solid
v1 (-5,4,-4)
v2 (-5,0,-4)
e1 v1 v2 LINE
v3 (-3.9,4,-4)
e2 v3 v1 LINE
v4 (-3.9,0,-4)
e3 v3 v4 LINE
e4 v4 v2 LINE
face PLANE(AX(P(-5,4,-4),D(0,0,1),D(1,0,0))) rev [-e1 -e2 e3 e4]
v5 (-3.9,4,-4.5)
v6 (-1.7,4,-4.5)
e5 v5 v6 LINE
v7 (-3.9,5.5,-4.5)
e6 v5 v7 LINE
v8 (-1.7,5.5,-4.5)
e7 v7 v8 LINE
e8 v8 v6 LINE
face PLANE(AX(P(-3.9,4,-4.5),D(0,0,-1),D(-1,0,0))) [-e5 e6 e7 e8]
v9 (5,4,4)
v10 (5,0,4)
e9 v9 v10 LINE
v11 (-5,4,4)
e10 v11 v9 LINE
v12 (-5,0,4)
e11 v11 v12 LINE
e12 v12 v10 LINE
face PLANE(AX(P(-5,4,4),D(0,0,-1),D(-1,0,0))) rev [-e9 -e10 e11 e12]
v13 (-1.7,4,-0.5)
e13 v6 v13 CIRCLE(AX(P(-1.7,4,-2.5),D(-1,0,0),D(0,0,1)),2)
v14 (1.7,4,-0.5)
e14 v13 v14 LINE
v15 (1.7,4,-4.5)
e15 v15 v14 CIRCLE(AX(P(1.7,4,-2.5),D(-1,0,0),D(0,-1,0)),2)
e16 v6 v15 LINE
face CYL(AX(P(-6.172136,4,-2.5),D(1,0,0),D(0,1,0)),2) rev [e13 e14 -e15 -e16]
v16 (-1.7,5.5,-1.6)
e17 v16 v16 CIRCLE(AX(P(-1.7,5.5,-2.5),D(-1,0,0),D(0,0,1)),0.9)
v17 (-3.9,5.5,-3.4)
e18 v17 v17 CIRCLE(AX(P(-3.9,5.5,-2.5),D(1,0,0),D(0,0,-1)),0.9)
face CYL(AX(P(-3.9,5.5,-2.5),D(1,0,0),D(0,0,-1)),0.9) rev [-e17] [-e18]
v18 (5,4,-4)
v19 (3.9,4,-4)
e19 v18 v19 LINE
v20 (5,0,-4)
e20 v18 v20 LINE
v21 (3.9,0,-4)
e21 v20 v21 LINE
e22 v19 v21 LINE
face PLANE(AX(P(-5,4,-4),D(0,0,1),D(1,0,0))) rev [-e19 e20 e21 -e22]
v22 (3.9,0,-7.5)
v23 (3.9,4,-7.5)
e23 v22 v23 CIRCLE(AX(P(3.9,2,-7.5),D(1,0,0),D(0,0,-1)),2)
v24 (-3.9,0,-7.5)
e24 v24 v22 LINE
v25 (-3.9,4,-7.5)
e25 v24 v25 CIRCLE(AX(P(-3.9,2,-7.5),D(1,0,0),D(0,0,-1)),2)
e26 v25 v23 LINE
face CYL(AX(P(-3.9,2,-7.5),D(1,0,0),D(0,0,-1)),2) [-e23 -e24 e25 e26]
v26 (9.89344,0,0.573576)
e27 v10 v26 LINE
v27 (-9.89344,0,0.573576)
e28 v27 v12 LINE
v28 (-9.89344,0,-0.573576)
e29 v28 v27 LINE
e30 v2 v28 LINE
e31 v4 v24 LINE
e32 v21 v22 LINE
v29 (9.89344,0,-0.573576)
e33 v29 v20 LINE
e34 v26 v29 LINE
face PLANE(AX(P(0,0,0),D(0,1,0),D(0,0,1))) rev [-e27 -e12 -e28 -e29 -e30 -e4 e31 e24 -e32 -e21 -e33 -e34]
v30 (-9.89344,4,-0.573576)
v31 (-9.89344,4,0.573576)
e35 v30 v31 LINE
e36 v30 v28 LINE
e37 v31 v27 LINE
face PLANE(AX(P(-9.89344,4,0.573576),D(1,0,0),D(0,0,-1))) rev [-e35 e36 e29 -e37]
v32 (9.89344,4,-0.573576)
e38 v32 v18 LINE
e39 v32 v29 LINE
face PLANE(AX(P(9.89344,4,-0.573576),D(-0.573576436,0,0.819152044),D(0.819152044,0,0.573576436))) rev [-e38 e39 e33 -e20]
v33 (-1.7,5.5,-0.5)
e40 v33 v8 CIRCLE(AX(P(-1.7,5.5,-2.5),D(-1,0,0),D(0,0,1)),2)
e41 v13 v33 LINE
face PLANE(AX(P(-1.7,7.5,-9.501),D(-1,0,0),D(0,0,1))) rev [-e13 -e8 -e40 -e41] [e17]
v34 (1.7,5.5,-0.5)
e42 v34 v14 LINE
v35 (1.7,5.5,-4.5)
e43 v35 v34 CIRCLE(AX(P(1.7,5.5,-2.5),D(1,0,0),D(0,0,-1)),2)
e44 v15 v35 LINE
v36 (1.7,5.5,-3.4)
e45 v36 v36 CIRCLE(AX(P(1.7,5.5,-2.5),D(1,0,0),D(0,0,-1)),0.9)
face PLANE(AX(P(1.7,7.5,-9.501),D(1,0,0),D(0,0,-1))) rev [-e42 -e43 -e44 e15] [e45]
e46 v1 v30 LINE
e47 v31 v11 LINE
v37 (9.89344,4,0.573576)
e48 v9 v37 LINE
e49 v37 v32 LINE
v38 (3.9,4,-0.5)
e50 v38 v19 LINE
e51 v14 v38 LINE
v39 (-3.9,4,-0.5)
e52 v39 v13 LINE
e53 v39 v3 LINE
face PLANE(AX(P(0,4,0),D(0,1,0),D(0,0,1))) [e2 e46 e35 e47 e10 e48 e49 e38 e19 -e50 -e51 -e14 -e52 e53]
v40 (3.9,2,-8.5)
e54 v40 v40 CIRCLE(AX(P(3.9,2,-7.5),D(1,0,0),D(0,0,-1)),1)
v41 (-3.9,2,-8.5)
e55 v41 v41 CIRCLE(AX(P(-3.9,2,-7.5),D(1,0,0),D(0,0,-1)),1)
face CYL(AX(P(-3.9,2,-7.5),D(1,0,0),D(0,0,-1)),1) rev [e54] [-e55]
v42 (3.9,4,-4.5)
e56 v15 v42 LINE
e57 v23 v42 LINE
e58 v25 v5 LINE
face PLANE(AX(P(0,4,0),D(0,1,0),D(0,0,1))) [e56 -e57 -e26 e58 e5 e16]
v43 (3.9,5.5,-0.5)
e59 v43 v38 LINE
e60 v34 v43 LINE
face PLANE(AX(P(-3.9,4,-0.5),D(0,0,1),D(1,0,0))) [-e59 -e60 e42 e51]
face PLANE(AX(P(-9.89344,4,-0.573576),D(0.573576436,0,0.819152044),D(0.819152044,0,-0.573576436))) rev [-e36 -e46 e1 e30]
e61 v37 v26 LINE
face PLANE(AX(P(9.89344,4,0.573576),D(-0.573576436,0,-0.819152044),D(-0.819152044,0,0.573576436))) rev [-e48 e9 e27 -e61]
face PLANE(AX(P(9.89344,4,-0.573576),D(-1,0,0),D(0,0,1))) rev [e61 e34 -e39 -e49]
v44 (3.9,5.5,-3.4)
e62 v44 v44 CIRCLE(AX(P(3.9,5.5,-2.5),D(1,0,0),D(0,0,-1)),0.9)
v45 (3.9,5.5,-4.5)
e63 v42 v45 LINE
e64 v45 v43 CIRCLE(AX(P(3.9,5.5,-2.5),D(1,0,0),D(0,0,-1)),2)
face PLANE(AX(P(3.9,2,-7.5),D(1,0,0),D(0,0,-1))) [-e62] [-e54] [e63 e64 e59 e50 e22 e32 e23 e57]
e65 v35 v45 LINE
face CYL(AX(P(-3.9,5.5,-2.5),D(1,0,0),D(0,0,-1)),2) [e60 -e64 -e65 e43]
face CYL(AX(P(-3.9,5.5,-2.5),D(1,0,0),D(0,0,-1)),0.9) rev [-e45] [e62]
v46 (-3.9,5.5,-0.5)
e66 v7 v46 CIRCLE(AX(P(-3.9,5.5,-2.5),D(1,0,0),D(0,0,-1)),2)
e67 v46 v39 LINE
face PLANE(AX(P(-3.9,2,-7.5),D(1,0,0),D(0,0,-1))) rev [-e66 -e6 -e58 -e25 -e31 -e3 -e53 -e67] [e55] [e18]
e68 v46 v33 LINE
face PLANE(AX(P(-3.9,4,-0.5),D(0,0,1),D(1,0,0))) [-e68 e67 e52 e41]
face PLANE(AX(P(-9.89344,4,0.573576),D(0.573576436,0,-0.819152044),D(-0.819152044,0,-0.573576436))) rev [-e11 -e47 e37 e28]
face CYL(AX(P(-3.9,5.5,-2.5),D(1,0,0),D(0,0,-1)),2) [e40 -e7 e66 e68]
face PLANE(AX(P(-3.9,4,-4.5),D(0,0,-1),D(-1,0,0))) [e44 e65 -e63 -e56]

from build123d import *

# Parameters (mm, degrees)
BOSS_EXTRUDE1_DEPTH      = 4
BOSS_EXTRUDE2_DEPTH      = 3.9
BOSS_EXTRUDE2_DEPTH_BACK = 3.9
SKETCH2_R                = 1
BOSS_EXTRUDE3_DEPTH      = 3.9
BOSS_EXTRUDE3_DEPTH_BACK = 3.9
SKETCH4_R                = 0.9
CUT_EXTRUDE1_REACH       = 20.341
SKETCH5_W                = 3.4
SKETCH5_H                = 3.5
CUT_EXTRUDE2_DEPTH       = 3.4


with BuildPart() as part:
    # Sketch1 → Boss-Extrude1 (new body)
    with BuildSketch(Plane(origin=(0, 0, 0), x_dir=(1, 0, 0), z_dir=(0, 1, 0))):
        Polygon((-5, 4), (5, 4), (9.893439983, 0.573576436), (9.893439983, -0.573576436), (5, -4), (-5, -4), (-9.893439983, -0.573576436), (-9.893439983, 0.573576436), align=None)
    extrude(amount=BOSS_EXTRUDE1_DEPTH)

    # Sketch2 → Boss-Extrude2 (add, two sides: drawn at the far end of the back side and taken through both)
    with BuildSketch(Plane(origin=(0, 0, 0), x_dir=(0, 0, -1), z_dir=(1, 0, 0)).offset(-BOSS_EXTRUDE2_DEPTH_BACK)):
        with BuildLine():
            Line((4, 4), (7.5, 4))
            ThreePointArc((7.5, 4), (9.5, 2), (7.5, 0))
            Line((7.5, 0), (4, 0))
            Line((4, 0), (4, 4))
        make_face()
        with Locations((7.5, 2)):
            Circle(SKETCH2_R, mode=Mode.SUBTRACT)
    extrude(amount=BOSS_EXTRUDE2_DEPTH + BOSS_EXTRUDE2_DEPTH_BACK)

    # Sketch4 → Boss-Extrude3 (add, two sides: drawn at the far end of the back side and taken through both)
    with BuildSketch(Plane(origin=(0, 0, 0), x_dir=(0, 0, -1), z_dir=(1, 0, 0)).offset(-BOSS_EXTRUDE3_DEPTH_BACK)):
        with BuildLine():
            Line((0.5, 4), (4.5, 4))
            Line((4.5, 4), (4.5, 5.5))
            ThreePointArc((4.5, 5.5), (2.5, 7.5), (0.5, 5.5))
            Line((0.5, 5.5), (0.5, 4))
        make_face()
        with Locations((2.5, 5.5)):
            Circle(SKETCH4_R, mode=Mode.SUBTRACT)
    extrude(amount=BOSS_EXTRUDE3_DEPTH + BOSS_EXTRUDE3_DEPTH_BACK)

    # Sketch5 → Cut-Extrude1 (cut, up to next)
    with BuildSketch(Plane.XY.offset(4), mode=Mode.PRIVATE) as cut_extrude1_sk1:
        with Locations((0, 5.75)):
            Rectangle(SKETCH5_W, SKETCH5_H)
    cut_extrude1_tool1 = extrude(cut_extrude1_sk1.sketch, amount=-CUT_EXTRUDE1_REACH, mode=Mode.PRIVATE) & part.part
    add(cut_extrude1_tool1.solids().sort_by_distance((0, 5.75, 4))[0], mode=Mode.SUBTRACT)

    # Sketch6 → Cut-Extrude2 (cut)
    with BuildSketch(Plane.ZY.offset(-1.7)):
        with BuildLine():
            Line((-4.5, 4), (-0.5, 4))
            ThreePointArc((-0.5, 4), (-2.5, 2), (-4.5, 4))
        make_face()
    extrude(amount=CUT_EXTRUDE2_DEPTH, mode=Mode.SUBTRACT)


solid = part.part
